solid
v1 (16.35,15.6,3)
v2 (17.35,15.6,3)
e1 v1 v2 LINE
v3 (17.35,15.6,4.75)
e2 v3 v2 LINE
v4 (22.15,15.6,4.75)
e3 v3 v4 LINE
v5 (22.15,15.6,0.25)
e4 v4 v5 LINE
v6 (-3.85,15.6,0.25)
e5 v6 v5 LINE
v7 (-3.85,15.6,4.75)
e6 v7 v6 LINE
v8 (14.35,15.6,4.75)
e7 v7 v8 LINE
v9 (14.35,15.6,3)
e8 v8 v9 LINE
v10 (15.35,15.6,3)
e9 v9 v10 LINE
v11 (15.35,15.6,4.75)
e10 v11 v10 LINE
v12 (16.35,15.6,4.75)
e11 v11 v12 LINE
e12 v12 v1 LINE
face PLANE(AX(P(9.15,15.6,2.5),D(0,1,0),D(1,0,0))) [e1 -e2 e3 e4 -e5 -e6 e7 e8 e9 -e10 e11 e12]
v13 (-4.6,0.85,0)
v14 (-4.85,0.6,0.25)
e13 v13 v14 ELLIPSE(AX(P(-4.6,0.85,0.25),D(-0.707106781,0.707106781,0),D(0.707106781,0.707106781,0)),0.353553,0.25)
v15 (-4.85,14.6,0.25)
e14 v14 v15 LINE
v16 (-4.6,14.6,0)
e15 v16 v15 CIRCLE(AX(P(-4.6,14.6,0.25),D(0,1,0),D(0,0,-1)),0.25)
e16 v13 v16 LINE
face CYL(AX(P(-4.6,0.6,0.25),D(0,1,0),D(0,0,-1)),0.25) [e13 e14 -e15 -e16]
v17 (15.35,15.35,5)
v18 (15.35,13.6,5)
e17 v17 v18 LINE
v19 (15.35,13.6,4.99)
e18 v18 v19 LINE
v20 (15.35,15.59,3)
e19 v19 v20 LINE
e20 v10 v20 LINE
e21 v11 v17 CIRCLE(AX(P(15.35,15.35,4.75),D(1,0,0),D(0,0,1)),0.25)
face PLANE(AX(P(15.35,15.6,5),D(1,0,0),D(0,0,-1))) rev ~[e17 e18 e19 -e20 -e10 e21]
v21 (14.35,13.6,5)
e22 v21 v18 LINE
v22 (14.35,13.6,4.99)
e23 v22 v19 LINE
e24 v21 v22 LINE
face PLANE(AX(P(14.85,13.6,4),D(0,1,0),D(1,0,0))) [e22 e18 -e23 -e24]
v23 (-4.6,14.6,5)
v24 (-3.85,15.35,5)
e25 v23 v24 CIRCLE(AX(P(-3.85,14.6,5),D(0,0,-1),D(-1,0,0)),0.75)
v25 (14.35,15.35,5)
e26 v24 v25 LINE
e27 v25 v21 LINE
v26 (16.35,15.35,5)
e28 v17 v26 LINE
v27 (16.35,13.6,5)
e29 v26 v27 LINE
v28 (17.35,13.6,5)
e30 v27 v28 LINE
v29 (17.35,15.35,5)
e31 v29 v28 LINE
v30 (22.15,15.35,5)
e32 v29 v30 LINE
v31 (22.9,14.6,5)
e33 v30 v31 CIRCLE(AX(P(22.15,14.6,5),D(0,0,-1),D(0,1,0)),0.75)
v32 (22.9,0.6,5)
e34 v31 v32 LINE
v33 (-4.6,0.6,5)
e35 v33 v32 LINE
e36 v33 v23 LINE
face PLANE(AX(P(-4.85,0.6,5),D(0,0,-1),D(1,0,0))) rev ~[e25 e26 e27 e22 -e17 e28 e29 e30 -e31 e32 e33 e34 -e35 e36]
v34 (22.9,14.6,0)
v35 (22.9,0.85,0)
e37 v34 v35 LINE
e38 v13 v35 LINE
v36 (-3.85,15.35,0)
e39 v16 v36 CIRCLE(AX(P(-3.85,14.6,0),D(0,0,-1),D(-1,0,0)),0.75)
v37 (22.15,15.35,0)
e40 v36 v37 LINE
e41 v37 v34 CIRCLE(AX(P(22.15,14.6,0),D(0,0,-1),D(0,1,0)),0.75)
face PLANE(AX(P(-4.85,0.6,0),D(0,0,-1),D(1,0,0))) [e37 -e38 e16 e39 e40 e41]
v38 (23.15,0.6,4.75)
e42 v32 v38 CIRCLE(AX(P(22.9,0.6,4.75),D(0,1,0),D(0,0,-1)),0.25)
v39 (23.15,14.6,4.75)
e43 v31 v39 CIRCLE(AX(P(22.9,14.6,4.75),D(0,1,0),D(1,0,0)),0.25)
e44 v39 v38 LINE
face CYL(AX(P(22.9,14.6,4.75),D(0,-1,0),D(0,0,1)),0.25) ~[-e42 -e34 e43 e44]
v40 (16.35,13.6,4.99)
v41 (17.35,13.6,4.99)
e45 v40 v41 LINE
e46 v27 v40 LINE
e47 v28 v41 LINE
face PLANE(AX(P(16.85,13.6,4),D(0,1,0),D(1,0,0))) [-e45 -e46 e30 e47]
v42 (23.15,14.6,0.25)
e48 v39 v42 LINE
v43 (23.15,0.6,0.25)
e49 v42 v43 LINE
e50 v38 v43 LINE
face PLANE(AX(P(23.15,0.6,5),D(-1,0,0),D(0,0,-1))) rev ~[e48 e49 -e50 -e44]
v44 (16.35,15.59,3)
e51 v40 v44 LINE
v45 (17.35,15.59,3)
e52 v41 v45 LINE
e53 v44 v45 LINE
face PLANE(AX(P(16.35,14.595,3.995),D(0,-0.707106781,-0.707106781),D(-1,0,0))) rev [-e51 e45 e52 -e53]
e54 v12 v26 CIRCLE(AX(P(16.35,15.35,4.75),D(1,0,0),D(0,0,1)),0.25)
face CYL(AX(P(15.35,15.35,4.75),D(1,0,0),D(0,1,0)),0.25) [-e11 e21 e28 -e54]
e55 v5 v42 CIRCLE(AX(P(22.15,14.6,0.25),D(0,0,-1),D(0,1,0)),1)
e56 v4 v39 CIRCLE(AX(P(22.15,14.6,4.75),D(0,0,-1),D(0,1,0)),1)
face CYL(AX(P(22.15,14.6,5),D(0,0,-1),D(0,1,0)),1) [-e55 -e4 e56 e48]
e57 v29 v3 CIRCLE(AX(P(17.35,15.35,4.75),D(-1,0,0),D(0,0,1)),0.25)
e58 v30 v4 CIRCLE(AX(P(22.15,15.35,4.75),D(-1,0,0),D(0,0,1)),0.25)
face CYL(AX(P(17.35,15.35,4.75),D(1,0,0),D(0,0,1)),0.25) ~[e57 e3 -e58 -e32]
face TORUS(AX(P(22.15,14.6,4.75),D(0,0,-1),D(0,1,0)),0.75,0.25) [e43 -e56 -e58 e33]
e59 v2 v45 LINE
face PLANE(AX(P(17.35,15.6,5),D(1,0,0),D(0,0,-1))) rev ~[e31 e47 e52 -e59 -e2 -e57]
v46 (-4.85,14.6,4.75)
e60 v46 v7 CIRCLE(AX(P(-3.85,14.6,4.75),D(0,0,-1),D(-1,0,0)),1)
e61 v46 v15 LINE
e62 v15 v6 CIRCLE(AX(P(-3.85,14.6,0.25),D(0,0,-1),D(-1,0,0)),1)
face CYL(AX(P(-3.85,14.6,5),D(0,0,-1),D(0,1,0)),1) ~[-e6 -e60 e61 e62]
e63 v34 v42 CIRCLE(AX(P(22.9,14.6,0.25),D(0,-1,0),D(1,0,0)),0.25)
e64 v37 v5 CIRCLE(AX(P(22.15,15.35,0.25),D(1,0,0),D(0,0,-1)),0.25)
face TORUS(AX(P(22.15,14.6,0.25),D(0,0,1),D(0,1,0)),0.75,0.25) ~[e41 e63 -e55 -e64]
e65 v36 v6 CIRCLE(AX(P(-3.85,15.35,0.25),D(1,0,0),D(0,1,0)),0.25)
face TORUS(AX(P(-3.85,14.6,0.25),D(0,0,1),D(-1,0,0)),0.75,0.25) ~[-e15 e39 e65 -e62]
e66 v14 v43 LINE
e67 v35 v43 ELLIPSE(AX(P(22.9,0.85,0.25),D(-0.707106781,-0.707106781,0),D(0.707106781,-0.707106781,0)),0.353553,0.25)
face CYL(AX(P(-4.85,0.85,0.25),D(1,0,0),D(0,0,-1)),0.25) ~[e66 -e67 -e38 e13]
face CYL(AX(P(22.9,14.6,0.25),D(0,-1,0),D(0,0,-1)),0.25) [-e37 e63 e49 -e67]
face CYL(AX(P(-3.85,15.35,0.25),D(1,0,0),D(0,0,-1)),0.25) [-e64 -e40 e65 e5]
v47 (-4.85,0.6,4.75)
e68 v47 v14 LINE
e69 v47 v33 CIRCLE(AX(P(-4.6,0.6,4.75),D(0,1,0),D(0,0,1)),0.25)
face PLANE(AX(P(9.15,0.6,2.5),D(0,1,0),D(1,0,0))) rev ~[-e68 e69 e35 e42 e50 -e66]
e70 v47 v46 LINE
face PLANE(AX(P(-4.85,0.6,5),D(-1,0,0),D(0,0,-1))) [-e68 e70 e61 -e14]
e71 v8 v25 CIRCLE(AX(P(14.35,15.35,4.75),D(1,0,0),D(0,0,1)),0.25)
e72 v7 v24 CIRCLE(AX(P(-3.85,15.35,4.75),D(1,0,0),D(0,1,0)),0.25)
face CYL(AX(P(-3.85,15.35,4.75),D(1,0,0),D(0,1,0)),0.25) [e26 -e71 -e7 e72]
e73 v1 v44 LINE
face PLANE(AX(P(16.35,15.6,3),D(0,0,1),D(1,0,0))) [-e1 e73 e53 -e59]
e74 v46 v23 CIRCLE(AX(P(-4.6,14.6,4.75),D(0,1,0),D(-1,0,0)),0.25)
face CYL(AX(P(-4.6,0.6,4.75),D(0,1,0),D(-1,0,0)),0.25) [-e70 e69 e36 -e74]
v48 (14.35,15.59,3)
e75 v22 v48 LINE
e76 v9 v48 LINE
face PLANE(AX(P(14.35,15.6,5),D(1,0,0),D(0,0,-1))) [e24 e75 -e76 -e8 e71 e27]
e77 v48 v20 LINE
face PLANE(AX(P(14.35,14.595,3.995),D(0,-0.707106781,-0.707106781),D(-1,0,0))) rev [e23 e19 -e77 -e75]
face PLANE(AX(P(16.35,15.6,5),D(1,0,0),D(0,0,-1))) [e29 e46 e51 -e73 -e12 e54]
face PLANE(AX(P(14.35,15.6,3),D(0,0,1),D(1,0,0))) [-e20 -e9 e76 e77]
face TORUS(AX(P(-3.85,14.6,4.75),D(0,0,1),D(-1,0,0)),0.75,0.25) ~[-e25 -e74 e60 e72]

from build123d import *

# Parameters (mm, degrees)
SKETCH001_W  = 28
SKETCH001_H  = 5
PAD001_DEPTH = 15
SKETCH002_W  = 1
SKETCH002_H  = 2
POCKET_DEPTH = 2
CHAMFER_SIZE = 1.99
FILLET_R     = 1
FILLET001_R  = 0.25
FILLET002_R  = 0.25


with BuildPart() as part:
    # Sketch001 → Pad001 (new body)
    with BuildSketch(Plane(origin=(-3.75, 0.6, 1.3), x_dir=(1, 0, 0), z_dir=(0, 1, 0))):
        with Locations((12.9, -1.2)):
            Rectangle(SKETCH001_W, SKETCH001_H)
    extrude(amount=PAD001_DEPTH)

    # Sketch002 → Pocket (cut)
    with BuildSketch(Plane(origin=(-3.75, 15.6, 1.3), x_dir=(1, 0, 0), z_dir=(0, 1, 0))):
        with Locations((18.6, -2.7)):
            Rectangle(SKETCH002_W, SKETCH002_H)
        with Locations((20.6, -2.7)):
            Rectangle(SKETCH002_W, SKETCH002_H)
    extrude(amount=-POCKET_DEPTH, mode=Mode.SUBTRACT)

    # Chamfer
    chamfer_edges = [part.edges().sort_by_distance(p)[0] for p in [
        (16.85, 13.6, 3),
        (14.85, 13.6, 3),
    ]]
    chamfer(chamfer_edges, length=CHAMFER_SIZE)

    # Fillet
    fillet_edges = [part.edges().sort_by_distance(p)[0] for p in [
        (-4.85, 15.6, 2.5),
        (23.15, 15.6, 2.5),
    ]]
    fillet(fillet_edges, radius=FILLET_R)

    # Fillet001
    fillet001_edges = [part.edges().sort_by_distance(p)[0] for p in [
        (-4.85, 7.6, 0),
        (-4.557107, 15.307107, 0),
        (9.15, 0.6, 0),
        (9.15, 15.6, 0),
        (23.15, 7.6, 0),
        (22.857107, 15.307107, 0),
    ]]
    fillet(fillet001_edges, radius=FILLET001_R)

    # Fillet002
    fillet002_edges = [part.edges().sort_by_distance(p)[0] for p in [
        (22.857107, 15.307107, 5),
        (23.15, 7.6, 5),
        (19.75, 15.6, 5),
        (15.85, 15.6, 5),
        (5.25, 15.6, 5),
        (-4.557107, 15.307107, 5),
        (-4.85, 7.6, 5),
    ]]
    fillet(fillet002_edges, radius=FILLET002_R)


solid = part.part
